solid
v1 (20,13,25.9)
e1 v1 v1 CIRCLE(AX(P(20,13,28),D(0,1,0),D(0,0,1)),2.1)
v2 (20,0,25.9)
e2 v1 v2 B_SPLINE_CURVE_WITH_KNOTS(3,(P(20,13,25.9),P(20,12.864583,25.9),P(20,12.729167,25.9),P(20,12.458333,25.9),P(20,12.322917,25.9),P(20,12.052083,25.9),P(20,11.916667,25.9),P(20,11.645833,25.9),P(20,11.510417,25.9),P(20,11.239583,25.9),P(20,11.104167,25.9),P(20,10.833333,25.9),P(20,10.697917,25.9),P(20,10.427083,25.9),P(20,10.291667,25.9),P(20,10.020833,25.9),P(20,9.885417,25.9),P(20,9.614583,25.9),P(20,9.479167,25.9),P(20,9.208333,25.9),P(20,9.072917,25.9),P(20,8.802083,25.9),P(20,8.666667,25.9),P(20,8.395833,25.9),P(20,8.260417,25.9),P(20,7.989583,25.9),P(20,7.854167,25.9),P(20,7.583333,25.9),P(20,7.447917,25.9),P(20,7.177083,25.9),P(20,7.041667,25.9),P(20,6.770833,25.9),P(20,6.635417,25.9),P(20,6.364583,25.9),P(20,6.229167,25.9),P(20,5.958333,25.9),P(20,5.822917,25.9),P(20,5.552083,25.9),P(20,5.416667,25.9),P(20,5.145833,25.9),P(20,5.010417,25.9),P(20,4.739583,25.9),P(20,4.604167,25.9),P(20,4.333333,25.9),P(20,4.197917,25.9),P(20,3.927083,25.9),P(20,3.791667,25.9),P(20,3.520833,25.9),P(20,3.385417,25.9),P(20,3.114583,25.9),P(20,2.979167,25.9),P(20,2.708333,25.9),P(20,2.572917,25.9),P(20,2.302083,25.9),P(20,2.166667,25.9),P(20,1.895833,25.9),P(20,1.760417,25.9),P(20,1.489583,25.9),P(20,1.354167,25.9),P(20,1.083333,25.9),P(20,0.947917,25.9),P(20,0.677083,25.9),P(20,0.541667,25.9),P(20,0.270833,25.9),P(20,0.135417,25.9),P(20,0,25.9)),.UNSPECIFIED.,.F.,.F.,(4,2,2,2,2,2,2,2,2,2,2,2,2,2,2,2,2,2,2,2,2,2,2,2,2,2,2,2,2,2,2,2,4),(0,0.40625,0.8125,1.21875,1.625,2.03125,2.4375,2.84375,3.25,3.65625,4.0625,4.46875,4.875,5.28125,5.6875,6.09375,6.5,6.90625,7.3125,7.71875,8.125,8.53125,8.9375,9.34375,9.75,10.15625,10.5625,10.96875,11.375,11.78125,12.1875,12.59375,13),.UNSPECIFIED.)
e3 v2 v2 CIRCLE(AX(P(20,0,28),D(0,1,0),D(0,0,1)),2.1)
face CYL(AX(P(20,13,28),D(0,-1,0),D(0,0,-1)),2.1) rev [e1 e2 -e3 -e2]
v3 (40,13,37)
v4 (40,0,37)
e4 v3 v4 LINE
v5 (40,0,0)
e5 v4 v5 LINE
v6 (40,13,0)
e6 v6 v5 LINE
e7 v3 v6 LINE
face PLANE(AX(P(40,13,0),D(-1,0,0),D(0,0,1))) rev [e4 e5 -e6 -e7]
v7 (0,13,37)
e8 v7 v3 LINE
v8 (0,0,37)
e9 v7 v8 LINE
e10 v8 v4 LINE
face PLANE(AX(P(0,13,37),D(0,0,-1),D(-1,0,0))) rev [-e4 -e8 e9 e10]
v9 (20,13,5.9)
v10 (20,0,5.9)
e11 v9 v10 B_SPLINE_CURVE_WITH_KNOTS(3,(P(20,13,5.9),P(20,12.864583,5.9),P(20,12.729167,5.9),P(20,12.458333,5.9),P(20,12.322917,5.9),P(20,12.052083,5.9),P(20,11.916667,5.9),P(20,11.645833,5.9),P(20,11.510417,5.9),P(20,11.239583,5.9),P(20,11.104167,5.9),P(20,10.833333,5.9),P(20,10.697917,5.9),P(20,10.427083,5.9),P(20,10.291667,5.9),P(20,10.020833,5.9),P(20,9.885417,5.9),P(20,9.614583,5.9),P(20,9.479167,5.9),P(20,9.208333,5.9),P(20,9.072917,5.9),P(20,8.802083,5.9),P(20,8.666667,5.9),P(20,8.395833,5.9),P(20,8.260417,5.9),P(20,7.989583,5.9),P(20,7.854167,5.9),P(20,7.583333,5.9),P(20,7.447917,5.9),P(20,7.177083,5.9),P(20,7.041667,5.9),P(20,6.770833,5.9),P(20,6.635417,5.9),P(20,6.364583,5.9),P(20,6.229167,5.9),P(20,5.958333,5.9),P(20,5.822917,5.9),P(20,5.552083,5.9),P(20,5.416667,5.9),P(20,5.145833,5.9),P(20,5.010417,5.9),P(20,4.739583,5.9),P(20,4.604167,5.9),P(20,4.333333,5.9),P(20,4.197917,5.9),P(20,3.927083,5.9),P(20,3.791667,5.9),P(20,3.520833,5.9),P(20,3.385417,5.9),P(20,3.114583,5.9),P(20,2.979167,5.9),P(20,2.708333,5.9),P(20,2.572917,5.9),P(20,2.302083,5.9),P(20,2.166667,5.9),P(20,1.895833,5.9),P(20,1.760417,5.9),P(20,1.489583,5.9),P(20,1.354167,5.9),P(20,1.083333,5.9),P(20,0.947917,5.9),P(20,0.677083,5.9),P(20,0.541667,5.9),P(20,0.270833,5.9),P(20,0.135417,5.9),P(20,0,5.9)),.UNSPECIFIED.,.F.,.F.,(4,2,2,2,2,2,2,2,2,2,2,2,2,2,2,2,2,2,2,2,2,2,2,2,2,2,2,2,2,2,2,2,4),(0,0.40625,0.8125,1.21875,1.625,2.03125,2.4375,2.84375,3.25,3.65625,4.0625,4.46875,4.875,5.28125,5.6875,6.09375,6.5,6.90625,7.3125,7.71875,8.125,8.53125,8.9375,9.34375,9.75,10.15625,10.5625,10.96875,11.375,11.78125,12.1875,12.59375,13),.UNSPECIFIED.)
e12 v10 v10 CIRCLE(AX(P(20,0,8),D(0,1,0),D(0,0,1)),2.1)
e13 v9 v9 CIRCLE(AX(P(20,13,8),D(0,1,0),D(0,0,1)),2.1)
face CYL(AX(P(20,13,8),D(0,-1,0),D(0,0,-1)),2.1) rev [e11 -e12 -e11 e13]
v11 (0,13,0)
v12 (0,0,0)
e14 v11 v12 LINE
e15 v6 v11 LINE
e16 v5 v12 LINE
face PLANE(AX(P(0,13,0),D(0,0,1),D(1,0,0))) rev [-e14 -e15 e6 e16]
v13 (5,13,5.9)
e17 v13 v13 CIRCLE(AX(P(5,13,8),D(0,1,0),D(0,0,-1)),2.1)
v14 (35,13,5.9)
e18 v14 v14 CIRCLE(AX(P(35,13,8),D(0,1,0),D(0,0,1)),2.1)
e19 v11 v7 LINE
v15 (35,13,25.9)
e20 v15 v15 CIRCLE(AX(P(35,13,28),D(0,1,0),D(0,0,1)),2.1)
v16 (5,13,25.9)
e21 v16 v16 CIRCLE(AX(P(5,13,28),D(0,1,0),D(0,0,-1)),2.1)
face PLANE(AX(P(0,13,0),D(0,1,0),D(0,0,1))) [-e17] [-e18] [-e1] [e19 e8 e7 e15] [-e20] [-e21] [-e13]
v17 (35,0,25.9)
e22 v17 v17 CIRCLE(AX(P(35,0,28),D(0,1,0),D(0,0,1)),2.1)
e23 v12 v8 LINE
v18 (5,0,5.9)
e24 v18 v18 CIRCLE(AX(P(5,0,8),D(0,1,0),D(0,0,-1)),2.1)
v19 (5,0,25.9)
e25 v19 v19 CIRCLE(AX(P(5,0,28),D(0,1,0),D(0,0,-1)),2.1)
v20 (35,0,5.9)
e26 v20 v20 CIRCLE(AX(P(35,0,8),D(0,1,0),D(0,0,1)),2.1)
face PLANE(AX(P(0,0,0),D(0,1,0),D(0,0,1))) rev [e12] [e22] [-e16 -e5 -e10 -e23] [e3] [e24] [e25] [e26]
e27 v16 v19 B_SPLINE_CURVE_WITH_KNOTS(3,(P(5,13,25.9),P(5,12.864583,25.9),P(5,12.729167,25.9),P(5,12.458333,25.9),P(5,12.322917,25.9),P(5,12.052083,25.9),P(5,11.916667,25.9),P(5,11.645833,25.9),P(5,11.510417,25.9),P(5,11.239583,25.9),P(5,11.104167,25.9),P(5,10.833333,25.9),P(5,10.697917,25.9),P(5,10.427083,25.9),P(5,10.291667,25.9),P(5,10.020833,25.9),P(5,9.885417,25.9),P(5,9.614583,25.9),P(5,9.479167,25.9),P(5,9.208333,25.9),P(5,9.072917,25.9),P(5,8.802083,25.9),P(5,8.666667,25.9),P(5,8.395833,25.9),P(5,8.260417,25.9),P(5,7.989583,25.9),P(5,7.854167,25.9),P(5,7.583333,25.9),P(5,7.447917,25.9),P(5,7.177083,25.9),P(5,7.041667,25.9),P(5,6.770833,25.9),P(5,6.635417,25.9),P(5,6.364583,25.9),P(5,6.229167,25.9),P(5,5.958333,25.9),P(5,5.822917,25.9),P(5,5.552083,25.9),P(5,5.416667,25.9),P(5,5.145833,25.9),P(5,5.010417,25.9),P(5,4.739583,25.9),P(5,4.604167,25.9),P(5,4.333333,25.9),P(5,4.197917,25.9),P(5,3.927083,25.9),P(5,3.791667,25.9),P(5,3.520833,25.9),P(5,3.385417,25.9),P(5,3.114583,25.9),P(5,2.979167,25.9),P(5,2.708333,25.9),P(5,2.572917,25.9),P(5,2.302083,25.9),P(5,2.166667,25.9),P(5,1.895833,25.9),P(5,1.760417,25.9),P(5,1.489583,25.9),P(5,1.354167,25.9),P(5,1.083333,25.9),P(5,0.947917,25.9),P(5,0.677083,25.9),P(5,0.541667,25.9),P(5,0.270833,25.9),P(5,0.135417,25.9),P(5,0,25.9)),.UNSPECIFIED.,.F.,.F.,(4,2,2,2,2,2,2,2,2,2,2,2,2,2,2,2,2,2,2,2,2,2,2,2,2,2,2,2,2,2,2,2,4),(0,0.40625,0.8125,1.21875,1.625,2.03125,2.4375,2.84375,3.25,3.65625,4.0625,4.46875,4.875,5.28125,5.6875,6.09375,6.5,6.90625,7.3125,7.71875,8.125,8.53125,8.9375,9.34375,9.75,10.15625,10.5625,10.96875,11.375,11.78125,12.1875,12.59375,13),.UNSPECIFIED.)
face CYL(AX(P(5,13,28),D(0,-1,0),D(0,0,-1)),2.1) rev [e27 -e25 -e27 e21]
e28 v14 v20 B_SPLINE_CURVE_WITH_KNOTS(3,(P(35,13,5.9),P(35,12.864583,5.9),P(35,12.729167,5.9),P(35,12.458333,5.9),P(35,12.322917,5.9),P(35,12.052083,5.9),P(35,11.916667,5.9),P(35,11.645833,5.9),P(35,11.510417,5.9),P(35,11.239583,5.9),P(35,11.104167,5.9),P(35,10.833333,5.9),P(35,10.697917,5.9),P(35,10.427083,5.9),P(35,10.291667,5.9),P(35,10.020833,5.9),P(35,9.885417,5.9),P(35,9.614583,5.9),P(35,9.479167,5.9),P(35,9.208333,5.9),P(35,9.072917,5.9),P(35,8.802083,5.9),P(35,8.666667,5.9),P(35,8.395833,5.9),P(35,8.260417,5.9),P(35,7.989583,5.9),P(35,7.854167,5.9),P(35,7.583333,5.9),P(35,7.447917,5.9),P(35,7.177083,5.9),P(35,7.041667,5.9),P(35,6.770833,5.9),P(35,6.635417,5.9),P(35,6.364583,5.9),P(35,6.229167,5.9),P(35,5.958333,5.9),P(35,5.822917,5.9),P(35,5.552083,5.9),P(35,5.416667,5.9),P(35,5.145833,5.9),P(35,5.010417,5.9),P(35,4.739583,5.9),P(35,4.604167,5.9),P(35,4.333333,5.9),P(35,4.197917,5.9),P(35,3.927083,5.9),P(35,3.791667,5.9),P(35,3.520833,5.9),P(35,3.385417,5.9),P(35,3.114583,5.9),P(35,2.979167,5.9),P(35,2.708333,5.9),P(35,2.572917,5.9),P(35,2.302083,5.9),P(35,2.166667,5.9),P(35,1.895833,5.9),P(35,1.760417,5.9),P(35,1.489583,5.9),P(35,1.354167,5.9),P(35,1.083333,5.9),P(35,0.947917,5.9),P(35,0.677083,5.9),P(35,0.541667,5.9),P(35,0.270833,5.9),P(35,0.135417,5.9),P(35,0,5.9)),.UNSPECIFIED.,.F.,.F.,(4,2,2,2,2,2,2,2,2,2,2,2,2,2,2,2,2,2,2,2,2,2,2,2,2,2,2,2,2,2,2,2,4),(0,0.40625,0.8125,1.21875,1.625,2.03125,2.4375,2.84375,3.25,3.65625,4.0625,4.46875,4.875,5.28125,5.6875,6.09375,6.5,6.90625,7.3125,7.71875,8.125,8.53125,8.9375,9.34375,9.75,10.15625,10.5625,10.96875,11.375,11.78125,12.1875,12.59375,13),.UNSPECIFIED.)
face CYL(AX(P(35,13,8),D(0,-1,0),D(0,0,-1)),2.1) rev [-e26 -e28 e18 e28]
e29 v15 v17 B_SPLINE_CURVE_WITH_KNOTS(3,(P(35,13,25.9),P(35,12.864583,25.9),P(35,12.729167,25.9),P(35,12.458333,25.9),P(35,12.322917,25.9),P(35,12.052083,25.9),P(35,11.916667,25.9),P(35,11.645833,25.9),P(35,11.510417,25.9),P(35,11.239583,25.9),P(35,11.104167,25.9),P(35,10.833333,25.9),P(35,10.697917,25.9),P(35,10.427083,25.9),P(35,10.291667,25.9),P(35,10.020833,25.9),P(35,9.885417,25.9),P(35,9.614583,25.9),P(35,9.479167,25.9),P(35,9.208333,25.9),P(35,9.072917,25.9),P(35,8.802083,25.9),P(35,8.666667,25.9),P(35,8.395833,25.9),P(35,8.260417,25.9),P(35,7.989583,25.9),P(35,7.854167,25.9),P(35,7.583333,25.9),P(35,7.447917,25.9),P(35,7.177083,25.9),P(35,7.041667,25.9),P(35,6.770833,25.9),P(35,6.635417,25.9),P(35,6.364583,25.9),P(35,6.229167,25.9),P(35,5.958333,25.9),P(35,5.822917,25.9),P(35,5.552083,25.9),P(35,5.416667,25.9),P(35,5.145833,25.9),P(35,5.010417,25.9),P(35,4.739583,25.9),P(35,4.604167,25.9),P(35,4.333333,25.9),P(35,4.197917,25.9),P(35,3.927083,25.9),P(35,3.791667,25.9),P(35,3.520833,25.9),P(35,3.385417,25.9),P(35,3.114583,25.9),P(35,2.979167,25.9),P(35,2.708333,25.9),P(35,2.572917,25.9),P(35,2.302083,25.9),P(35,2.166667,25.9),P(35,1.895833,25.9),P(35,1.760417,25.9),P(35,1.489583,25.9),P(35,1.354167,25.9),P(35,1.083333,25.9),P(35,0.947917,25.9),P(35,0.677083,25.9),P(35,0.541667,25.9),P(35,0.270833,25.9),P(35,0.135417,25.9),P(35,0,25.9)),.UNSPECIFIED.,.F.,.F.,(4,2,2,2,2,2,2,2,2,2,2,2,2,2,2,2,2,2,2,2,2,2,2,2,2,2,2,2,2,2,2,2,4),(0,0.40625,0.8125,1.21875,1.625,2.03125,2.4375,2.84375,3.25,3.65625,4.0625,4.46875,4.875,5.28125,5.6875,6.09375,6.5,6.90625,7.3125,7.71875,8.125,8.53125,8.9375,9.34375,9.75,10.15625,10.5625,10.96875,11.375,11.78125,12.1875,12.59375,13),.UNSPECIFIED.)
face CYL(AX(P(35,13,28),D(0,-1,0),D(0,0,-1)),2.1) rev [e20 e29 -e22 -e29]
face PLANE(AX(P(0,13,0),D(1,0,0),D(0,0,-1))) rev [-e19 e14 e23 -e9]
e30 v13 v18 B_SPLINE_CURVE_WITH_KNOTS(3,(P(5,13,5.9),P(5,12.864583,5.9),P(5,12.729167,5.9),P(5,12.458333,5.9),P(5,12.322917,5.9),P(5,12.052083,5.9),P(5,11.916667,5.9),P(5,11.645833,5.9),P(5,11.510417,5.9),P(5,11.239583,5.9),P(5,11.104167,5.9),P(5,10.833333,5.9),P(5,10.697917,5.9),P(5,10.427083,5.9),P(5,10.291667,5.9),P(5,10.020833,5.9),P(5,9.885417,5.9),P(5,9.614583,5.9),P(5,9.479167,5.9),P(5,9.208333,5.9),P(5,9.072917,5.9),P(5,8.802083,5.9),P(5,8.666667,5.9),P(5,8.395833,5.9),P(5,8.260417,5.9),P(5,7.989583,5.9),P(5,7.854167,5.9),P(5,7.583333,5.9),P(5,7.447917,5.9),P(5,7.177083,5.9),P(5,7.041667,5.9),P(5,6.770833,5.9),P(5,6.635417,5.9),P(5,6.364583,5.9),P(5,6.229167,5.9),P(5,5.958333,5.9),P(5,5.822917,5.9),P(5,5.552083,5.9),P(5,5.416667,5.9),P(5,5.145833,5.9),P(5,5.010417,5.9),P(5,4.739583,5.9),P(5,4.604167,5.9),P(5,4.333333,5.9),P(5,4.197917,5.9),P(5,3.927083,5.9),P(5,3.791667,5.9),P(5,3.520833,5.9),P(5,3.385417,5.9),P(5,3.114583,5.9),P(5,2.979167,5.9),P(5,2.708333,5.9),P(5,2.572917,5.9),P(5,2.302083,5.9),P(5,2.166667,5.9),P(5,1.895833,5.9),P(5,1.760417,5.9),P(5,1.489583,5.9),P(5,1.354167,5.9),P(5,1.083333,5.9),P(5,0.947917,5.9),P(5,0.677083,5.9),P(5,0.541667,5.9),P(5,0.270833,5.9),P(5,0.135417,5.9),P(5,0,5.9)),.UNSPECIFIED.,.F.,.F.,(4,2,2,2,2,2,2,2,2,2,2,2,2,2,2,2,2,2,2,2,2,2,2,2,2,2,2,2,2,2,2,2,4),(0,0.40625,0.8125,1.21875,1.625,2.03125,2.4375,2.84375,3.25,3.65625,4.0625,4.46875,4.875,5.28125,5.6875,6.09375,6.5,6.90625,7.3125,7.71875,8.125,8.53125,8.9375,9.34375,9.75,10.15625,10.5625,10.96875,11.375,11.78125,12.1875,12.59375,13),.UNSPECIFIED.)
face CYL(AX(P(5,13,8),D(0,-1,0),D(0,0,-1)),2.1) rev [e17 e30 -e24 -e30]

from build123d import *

# Parameters (mm, degrees)
SKETCH_1_W      = 40
SKETCH_1_H      = 37
SKETCH_1_R      = 2.1
EXTRUDE_1_DEPTH = 13


with BuildPart() as part:
    # 草图1 → 凸台-拉伸1 (new body)
    with BuildSketch(Plane(origin=(0, 0, 0), x_dir=(1, 0, 0), z_dir=(0, 1, 0))):
        with Locations((20, -18.5)):
            Rectangle(SKETCH_1_W, SKETCH_1_H)
        with Locations(Location((20, -28, 0), (0, 0, 90))):
            Circle(SKETCH_1_R, mode=Mode.SUBTRACT)
        with Locations(Location((20, -8, 0), (0, 0, 90))):
            Circle(SKETCH_1_R, mode=Mode.SUBTRACT)
        with Locations(Location((35, -8, 0), (0, 0, 90))):
            Circle(SKETCH_1_R, mode=Mode.SUBTRACT)
        with Locations(Location((35, -28, 0), (0, 0, 90))):
            Circle(SKETCH_1_R, mode=Mode.SUBTRACT)
        with Locations(Location((5, -28, 0), (0, 0, 90))):
            Circle(SKETCH_1_R, mode=Mode.SUBTRACT)
        with Locations(Location((5, -8, 0), (0, 0, 90))):
            Circle(SKETCH_1_R, mode=Mode.SUBTRACT)
    extrude(amount=EXTRUDE_1_DEPTH)


solid = part.part
